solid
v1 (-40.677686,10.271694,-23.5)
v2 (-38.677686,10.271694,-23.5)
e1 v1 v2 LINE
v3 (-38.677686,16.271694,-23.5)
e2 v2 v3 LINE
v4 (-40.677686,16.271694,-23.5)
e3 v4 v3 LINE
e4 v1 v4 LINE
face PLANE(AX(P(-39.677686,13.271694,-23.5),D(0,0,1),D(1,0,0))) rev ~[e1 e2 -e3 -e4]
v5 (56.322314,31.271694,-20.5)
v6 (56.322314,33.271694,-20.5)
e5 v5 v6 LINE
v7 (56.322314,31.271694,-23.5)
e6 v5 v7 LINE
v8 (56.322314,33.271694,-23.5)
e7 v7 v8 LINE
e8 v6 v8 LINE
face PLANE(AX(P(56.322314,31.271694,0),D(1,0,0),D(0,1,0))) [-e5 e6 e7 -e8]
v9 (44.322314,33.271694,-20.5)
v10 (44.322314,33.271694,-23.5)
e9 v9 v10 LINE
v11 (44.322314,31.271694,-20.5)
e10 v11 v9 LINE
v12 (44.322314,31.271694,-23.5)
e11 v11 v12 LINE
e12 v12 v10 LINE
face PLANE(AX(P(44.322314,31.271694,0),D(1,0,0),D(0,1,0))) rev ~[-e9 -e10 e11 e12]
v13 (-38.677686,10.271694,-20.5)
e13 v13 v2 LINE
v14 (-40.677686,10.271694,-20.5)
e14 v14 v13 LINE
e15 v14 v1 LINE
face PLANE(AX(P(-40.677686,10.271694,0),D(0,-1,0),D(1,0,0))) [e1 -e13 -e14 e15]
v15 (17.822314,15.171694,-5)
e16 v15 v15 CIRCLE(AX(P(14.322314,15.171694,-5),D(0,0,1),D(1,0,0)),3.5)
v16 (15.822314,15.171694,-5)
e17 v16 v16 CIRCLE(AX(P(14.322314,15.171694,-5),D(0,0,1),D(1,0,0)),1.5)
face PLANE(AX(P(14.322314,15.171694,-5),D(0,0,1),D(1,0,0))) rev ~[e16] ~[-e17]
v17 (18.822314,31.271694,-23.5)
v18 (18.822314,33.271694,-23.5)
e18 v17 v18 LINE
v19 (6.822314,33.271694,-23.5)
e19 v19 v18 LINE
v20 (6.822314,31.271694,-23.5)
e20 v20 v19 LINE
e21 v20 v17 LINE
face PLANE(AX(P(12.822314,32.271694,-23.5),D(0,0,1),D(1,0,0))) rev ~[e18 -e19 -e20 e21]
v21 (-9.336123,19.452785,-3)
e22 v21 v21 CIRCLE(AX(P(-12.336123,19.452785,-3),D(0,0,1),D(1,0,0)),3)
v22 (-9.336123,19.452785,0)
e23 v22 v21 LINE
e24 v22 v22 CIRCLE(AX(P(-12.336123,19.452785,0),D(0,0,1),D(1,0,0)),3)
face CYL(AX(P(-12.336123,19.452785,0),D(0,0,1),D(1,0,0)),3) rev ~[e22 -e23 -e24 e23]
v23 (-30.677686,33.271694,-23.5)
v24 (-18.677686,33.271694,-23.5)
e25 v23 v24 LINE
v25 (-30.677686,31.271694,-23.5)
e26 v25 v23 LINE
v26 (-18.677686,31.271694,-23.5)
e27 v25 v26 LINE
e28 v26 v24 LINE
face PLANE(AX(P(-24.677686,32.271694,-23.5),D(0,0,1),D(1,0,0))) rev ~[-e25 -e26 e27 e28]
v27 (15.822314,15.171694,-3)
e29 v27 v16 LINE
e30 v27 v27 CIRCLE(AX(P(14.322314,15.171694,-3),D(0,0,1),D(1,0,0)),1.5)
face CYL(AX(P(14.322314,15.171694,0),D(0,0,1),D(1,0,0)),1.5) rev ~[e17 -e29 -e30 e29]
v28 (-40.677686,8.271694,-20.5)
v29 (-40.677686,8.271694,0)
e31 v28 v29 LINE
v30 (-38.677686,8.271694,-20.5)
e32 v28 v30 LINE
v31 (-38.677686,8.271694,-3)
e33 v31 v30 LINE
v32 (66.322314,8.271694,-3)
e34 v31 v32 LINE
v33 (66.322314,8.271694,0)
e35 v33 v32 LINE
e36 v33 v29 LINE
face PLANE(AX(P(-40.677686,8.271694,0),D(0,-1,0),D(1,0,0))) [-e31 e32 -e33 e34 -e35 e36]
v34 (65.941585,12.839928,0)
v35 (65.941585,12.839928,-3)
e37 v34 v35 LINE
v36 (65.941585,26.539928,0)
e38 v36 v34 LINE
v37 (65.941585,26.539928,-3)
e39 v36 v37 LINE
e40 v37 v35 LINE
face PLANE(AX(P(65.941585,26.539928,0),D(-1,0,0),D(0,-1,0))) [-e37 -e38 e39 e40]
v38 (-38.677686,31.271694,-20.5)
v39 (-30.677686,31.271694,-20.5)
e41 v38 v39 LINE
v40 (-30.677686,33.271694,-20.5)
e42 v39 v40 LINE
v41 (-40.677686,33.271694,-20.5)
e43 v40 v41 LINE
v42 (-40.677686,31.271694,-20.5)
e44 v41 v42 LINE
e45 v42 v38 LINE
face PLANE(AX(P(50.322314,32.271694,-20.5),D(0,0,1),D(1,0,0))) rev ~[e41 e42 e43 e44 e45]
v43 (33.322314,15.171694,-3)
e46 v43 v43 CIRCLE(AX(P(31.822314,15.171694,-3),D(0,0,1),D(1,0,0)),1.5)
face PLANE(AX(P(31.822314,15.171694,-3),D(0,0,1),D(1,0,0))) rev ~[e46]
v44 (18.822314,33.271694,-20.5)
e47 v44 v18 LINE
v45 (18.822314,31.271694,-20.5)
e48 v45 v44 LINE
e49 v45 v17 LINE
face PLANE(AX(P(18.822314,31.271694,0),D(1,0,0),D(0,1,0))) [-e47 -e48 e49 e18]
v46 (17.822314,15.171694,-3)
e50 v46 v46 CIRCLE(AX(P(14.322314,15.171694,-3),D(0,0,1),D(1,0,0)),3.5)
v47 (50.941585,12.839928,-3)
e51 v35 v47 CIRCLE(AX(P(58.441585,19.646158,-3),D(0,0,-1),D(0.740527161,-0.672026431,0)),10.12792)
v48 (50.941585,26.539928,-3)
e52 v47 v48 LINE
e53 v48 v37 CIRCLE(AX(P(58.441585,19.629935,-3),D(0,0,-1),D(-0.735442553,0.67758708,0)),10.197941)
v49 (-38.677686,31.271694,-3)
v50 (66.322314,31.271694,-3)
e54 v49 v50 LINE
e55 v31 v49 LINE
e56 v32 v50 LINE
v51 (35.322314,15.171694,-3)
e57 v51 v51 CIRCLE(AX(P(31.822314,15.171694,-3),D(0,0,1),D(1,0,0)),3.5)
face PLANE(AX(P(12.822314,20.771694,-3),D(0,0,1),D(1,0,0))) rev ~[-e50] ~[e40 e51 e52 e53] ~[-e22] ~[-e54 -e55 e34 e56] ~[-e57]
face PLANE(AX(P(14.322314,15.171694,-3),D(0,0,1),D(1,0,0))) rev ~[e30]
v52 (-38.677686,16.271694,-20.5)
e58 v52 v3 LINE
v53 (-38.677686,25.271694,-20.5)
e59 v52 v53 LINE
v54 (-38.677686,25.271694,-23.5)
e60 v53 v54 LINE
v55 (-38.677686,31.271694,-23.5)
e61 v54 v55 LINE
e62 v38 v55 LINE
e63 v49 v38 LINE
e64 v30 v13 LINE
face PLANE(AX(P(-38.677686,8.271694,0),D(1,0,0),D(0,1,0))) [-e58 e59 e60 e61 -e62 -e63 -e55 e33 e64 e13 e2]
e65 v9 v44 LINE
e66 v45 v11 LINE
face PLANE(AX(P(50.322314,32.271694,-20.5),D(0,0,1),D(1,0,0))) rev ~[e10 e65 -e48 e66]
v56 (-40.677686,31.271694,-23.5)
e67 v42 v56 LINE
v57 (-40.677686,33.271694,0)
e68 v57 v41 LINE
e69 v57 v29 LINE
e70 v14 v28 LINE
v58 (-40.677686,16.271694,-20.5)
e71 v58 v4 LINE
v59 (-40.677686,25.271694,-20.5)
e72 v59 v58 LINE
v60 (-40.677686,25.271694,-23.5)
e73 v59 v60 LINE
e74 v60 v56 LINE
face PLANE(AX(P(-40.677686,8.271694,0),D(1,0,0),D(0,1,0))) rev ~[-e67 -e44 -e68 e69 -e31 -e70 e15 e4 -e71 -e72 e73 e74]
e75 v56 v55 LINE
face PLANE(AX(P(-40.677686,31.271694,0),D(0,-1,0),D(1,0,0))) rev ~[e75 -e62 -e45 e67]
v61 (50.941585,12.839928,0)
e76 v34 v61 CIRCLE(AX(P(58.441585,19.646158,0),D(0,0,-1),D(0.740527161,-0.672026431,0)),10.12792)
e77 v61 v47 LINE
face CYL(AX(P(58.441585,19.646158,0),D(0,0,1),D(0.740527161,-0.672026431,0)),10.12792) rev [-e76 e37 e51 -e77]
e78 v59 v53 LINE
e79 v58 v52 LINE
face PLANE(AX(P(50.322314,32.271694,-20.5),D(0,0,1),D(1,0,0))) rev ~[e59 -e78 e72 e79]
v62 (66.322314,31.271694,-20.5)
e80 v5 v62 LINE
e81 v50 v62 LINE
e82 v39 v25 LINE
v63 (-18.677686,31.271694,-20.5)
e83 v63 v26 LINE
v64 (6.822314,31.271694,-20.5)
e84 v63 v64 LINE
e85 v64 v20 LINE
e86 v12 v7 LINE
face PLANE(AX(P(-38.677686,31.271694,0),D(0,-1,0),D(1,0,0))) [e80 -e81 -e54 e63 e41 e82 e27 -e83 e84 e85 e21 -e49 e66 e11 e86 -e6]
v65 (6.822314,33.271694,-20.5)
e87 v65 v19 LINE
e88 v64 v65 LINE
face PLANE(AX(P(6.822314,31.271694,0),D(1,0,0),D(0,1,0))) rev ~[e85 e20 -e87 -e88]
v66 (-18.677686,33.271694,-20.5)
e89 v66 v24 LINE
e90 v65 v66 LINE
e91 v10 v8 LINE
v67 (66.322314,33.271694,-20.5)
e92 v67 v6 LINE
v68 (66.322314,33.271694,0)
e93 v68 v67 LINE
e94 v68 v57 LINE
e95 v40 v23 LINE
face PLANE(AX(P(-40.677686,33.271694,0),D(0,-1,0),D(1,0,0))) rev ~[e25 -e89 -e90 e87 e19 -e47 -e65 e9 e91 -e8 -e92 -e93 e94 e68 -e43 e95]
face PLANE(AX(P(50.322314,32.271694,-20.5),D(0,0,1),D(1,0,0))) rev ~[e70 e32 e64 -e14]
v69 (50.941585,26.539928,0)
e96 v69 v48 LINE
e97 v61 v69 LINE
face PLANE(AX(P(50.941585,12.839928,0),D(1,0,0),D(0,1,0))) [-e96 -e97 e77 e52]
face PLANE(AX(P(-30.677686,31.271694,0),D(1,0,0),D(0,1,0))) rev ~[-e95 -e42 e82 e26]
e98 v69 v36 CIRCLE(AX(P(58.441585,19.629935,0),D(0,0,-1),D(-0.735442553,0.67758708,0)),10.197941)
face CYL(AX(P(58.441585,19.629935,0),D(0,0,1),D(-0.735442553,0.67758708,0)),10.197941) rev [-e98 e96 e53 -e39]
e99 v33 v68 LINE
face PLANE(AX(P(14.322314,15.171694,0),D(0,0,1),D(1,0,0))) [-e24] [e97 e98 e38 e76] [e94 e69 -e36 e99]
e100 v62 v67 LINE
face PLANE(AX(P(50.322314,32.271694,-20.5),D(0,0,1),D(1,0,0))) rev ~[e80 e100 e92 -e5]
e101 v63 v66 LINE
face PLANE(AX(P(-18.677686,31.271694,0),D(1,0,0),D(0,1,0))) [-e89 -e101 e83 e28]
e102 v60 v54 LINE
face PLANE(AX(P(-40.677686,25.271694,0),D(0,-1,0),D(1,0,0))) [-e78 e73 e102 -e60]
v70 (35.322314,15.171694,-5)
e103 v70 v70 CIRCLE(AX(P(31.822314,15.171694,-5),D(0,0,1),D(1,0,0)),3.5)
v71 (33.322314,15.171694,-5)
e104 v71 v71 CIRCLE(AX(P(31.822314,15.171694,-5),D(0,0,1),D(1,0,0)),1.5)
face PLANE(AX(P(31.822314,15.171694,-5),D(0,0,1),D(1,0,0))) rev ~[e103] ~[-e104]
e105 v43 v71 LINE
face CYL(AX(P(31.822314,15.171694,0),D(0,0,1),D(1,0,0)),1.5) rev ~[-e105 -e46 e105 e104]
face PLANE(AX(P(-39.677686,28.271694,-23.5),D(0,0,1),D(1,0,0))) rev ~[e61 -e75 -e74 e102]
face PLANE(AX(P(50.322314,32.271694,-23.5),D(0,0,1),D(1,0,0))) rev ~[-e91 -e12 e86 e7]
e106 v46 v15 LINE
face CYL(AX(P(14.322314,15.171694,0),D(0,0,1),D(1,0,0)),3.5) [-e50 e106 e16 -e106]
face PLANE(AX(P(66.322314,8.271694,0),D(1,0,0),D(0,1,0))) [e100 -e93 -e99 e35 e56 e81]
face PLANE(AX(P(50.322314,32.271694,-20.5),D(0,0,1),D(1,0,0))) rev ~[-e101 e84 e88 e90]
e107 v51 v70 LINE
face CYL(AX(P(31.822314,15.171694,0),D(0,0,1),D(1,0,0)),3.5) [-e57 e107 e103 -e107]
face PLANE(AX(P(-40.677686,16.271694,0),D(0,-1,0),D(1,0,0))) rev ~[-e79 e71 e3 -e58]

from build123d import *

# Parameters (mm, degrees)
ESBO_O1_W                = 107
ESBO_O1_H                = 25
ESBO_O1_R                = 3
RESSALTO_EXTRUS_O1_DEPTH = 3
ESBO_O1_11_W             = 12
ESBO_O1_11_H             = 2
ESBO_O1_11_W_2           = 10
ESBO_O1_11_W_3           = 25.5
ESBO_O1_11_W_4           = 2
ESBO_O1_11_H_2           = 6
ESBO_O1_11_H_3           = 9
RESSALTO_EXTRUS_O2_DEPTH = 20.5
ESBO_O1_12_W             = 12
ESBO_O1_12_H             = 2
ESBO_O1_12_W_2           = 2
ESBO_O1_12_H_2           = 6
RESSALTO_EXTRUS_O3_DEPTH = 23.5
ESBO_O1_13_R             = 3.5
RESSALTO_EXTRUS_O4_DEPTH = 5
ESBO_O1_14_R             = 1.5
CORTE_EXTRUS_O1_DEPTH    = 5
ESBO_O1_15_R             = 1.5
RESSALTO_EXTRUS_O5_DEPTH = 3


with BuildPart() as part:
    # Esboço1 → Ressalto-extrusão1 (new body)
    with BuildSketch(Plane.XY):
        with Locations((12.82231405, 20.771694215)):
            Rectangle(ESBO_O1_W, ESBO_O1_H)
        with BuildLine():
            Line((50.941584595, 12.8399279), (50.941584595, 26.5399279))
            ThreePointArc((50.941584595, 26.5399279), (58.441584595, 29.827875939), (65.941584595, 26.5399279))
            Line((65.941584595, 26.5399279), (65.941584595, 12.8399279))
            ThreePointArc((65.941584595, 12.8399279), (58.441584595, 9.518237762), (50.941584595, 12.8399279))
        make_face(mode=Mode.SUBTRACT)
        with Locations((-12.336122998, 19.452784517)):
            Circle(ESBO_O1_R, mode=Mode.SUBTRACT)
    extrude(amount=-RESSALTO_EXTRUS_O1_DEPTH)

    # Esboço1<11> → Ressalto-extrusão2 (add)
    with BuildSketch(Plane.XY):
        with Locations((50.32231405, 32.271694215)):
            Rectangle(ESBO_O1_11_W, ESBO_O1_11_H)
        with Locations((61.32231405, 32.271694215)):
            Rectangle(ESBO_O1_11_W_2, ESBO_O1_11_H)
        with Locations((31.57231405, 32.271694215)):
            Rectangle(ESBO_O1_11_W_3, ESBO_O1_11_H)
        with Locations((12.82231405, 32.271694215)):
            Rectangle(ESBO_O1_11_W, ESBO_O1_11_H)
        with Locations((-5.92768595, 32.271694215)):
            Rectangle(ESBO_O1_11_W_3, ESBO_O1_11_H)
        with Locations((-24.67768595, 32.271694215)):
            Rectangle(ESBO_O1_11_W, ESBO_O1_11_H)
        Polygon((-30.67768595, 33.271694215), (-40.67768595, 33.271694215), (-40.67768595, 31.271694215), (-38.67768595, 31.271694215), (-30.67768595, 31.271694215), align=None)
        with Locations((-39.67768595, 28.271694215)):
            Rectangle(ESBO_O1_11_W_4, ESBO_O1_11_H_2)
        with Locations((-39.67768595, 20.771694215)):
            Rectangle(ESBO_O1_11_W_4, ESBO_O1_11_H_3)
        with Locations((-39.67768595, 13.271694215)):
            Rectangle(ESBO_O1_11_W_4, ESBO_O1_11_H_2)
        with Locations((-39.67768595, 9.271694215)):
            Rectangle(ESBO_O1_11_W_4, ESBO_O1_11_H)
    extrude(amount=-RESSALTO_EXTRUS_O2_DEPTH)

    # Esboço1<12> → Ressalto-extrusão3 (add)
    with BuildSketch(Plane.XY):
        with Locations((50.32231405, 32.271694215)):
            Rectangle(ESBO_O1_12_W, ESBO_O1_12_H)
        with Locations((12.82231405, 32.271694215)):
            Rectangle(ESBO_O1_12_W, ESBO_O1_12_H)
        with Locations((-24.67768595, 32.271694215)):
            Rectangle(ESBO_O1_12_W, ESBO_O1_12_H)
        with Locations((-39.67768595, 28.271694215)):
            Rectangle(ESBO_O1_12_W_2, ESBO_O1_12_H_2)
        with Locations((-39.67768595, 13.271694215)):
            Rectangle(ESBO_O1_12_W_2, ESBO_O1_12_H_2)
    extrude(amount=-RESSALTO_EXTRUS_O3_DEPTH)

    # Esboço1<13> → Ressalto-extrusão4 (add)
    with BuildSketch(Plane.XY):
        with Locations((14.32231405, 15.171694215)):
            Circle(ESBO_O1_13_R)
        with Locations((31.82231405, 15.171694215)):
            Circle(ESBO_O1_13_R)
    extrude(amount=-RESSALTO_EXTRUS_O4_DEPTH)

    # Esboço1<14> → Corte-extrusão1 (cut)
    with BuildSketch(Plane.XY):
        with Locations((14.32231405, 15.171694215)):
            Circle(ESBO_O1_14_R)
        with Locations((31.82231405, 15.171694215)):
            Circle(ESBO_O1_14_R)
    extrude(amount=-CORTE_EXTRUS_O1_DEPTH, mode=Mode.SUBTRACT)

    # Esboço1<15> → Ressalto-extrusão5 (add)
    with BuildSketch(Plane.XY):
        with Locations((14.32231405, 15.171694215)):
            Circle(ESBO_O1_15_R)
        with Locations((31.82231405, 15.171694215)):
            Circle(ESBO_O1_15_R)
    extrude(amount=-RESSALTO_EXTRUS_O5_DEPTH)


solid = part.part
